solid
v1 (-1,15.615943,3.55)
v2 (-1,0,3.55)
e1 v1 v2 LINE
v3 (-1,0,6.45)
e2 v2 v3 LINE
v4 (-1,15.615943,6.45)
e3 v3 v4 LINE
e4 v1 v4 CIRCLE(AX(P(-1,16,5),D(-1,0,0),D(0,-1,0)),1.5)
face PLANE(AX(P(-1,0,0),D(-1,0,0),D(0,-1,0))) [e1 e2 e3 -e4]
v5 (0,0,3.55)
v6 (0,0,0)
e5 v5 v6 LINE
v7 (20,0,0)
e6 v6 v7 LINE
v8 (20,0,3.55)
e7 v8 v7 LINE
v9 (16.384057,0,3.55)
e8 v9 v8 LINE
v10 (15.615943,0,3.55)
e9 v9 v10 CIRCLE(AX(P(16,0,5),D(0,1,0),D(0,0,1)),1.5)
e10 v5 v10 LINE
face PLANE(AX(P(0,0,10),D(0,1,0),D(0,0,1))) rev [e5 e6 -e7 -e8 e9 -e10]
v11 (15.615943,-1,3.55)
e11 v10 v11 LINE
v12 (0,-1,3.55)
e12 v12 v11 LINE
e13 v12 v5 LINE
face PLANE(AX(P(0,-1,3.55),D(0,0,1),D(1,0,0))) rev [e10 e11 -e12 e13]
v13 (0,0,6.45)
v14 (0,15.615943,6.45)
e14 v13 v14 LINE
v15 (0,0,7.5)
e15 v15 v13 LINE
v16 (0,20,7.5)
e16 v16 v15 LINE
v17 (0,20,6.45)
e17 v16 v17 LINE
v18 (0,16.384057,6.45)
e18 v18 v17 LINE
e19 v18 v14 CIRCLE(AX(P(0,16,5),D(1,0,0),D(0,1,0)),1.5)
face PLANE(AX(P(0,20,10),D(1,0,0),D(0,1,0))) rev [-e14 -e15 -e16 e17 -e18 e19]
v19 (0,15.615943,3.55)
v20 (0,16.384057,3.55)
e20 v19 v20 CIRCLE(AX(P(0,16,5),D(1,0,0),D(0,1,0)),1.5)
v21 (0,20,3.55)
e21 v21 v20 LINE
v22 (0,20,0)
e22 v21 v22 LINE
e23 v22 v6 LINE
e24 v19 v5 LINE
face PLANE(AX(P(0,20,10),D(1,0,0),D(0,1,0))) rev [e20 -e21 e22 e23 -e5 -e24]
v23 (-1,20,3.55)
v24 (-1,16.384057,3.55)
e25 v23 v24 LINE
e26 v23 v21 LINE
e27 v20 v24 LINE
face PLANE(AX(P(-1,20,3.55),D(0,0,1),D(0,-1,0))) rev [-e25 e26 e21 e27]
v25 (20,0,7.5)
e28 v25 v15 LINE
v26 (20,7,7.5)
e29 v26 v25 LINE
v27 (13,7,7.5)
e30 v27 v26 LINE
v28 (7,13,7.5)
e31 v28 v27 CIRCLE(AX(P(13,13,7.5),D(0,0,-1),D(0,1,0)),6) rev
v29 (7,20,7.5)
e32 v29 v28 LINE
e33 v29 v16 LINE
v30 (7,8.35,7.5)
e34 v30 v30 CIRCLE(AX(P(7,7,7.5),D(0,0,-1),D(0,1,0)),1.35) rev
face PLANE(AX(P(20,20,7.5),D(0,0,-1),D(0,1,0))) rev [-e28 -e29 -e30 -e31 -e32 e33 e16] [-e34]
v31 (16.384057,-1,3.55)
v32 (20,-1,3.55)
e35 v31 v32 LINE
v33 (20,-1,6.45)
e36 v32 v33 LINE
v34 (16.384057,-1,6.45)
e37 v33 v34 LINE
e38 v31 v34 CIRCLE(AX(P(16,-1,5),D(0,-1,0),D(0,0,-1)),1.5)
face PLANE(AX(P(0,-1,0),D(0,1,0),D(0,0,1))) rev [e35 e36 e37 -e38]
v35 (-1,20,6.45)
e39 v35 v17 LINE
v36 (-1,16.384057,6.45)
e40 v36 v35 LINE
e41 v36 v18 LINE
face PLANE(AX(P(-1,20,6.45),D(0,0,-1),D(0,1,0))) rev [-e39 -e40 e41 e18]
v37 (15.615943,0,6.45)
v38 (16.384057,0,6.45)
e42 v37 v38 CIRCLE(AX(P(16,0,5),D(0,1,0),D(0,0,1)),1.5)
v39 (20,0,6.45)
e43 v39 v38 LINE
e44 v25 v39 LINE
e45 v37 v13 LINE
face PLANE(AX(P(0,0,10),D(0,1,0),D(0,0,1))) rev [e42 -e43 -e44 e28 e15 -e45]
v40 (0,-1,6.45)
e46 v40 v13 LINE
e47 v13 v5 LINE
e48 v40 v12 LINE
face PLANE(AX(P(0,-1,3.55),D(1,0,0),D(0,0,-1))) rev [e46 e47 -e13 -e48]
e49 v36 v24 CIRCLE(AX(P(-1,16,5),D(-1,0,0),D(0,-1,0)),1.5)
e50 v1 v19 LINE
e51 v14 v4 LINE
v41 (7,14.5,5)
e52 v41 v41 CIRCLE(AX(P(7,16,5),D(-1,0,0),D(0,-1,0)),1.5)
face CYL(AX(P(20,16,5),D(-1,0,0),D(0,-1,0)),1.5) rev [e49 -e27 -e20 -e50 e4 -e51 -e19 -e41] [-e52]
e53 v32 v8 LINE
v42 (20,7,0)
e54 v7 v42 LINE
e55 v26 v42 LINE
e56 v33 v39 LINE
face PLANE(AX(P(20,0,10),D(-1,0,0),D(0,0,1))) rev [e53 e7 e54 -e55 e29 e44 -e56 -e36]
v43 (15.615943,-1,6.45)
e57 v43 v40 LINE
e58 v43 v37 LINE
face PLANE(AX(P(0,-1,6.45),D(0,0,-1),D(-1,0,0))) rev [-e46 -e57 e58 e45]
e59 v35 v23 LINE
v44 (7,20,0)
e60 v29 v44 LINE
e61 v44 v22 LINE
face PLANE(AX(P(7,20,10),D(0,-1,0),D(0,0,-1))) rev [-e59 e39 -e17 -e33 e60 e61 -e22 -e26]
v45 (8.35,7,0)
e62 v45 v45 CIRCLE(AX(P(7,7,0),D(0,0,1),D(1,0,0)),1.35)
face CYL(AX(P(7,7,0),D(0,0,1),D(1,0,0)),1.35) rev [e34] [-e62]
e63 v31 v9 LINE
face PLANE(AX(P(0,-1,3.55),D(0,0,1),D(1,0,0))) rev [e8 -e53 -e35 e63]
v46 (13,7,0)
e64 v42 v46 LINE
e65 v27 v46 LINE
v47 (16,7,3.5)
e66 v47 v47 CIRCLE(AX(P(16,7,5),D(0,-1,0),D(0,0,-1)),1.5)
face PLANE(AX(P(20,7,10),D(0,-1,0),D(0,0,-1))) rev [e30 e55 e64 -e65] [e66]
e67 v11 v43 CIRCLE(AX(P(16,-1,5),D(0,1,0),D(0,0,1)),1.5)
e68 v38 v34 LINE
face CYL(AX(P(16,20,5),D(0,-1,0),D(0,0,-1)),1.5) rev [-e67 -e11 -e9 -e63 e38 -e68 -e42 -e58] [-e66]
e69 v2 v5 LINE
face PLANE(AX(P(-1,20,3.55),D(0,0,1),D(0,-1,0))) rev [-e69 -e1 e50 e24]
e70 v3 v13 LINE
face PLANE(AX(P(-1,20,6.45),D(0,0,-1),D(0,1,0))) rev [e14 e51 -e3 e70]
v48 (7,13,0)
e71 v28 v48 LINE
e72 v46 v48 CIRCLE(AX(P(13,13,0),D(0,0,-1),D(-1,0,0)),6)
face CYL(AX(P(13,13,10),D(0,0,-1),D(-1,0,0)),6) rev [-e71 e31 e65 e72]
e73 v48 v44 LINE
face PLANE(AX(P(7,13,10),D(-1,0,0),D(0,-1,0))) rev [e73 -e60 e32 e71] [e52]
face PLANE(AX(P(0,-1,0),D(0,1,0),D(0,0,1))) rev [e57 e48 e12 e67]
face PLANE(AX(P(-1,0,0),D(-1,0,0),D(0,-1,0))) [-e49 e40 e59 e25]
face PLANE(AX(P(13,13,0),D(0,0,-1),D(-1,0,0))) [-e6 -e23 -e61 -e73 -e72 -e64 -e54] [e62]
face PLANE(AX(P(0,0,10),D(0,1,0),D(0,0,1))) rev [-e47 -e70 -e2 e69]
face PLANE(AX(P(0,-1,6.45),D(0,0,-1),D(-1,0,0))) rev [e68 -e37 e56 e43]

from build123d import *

# Parameters (mm, degrees)
MAIN_DEPTH                         = 10
ESQUISSE4_W                        = 2.9
ESQUISSE4_H                        = 20
MAKERBEAMFIXVERTICAL_DEPTH         = 1
MAKERBEAMVERTICALHOLE_DEPTH        = 31
MAKERBEAMVERTICALHOLE_DEPTH_BACK   = 31
ESQUISSE2_R                        = 1.5
ESQUISSE5_W                        = 20
ESQUISSE5_H                        = 2.9
MAKERBEAMFIXHORIZONTAL_DEPTH       = 1
MAKERBEAMHORIZONTALHOLE_DEPTH      = 31
MAKERBEAMHORIZONTALHOLE_DEPTH_BACK = 31
ESQUISSE3_R                        = 1.5
SKETCH1_R                          = 1.35
WINDOWFIXHOLE_DEPTH                = 31
SKETCH2_W                          = 2.5
SKETCH2_H                          = 20
WINDOW_DEPTH                       = 31


with BuildPart() as part:
    # Esquisse1 → Main (new body)
    with BuildSketch(Plane.XY):
        with BuildLine():
            Line((0, 0), (20, 0))
            Line((20, 0), (20, 7))
            Line((20, 7), (13, 7))
            ThreePointArc((13, 7), (8.757359313, 8.757359313), (7, 13))
            Line((7, 13), (7, 20))
            Line((7, 20), (0, 20))
            Line((0, 20), (0, 0))
        make_face()
    extrude(amount=MAIN_DEPTH)

    # Esquisse4 → MakerBeamFixVertical (add)
    with BuildSketch(Plane.ZY):
        with Locations((5, 10)):
            Rectangle(ESQUISSE4_W, ESQUISSE4_H)
    extrude(amount=MAKERBEAMFIXVERTICAL_DEPTH)

    # Esquisse2 → MakerBeamVerticalHole (cut, two sides: drawn at the far end of the back side and taken through both)
    with BuildSketch(Plane.ZY.offset(-MAKERBEAMVERTICALHOLE_DEPTH_BACK)):
        with Locations(Location((5, 16, 0), (0, 0, 270))):
            Circle(ESQUISSE2_R)
    extrude(amount=MAKERBEAMVERTICALHOLE_DEPTH + MAKERBEAMVERTICALHOLE_DEPTH_BACK, mode=Mode.SUBTRACT)

    # Esquisse5 → MakerBeamFixHorizontal (add)
    with BuildSketch(Plane(origin=(0, 0, 0), x_dir=(-1, 0, 0), z_dir=(0, -1, 0))):
        with Locations((-10, -5)):
            Rectangle(ESQUISSE5_W, ESQUISSE5_H)
    extrude(amount=MAKERBEAMFIXHORIZONTAL_DEPTH)

    # Esquisse3 → MakerBeamHorizontalHole (cut, two sides: drawn at the far end of the back side and taken through both)
    with BuildSketch(Plane.XZ.offset(-MAKERBEAMHORIZONTALHOLE_DEPTH_BACK)):
        with Locations(Location((16, 5, 0), (0, 0, 270))):
            Circle(ESQUISSE3_R)
    extrude(amount=MAKERBEAMHORIZONTALHOLE_DEPTH + MAKERBEAMHORIZONTALHOLE_DEPTH_BACK, mode=Mode.SUBTRACT)

    # Sketch1 → WindowFixHole (cut, through all)
    with BuildSketch(Plane.XY.offset(10)):
        with Locations((7, 7)):
            Circle(SKETCH1_R)
    extrude(amount=-WINDOWFIXHOLE_DEPTH, mode=Mode.SUBTRACT)

    # Sketch2 → Window (cut, through all)
    with BuildSketch(Plane.ZY):
        with Locations((8.75, 10)):
            Rectangle(SKETCH2_W, SKETCH2_H)
    extrude(amount=-WINDOW_DEPTH, mode=Mode.SUBTRACT)


solid = part.part
